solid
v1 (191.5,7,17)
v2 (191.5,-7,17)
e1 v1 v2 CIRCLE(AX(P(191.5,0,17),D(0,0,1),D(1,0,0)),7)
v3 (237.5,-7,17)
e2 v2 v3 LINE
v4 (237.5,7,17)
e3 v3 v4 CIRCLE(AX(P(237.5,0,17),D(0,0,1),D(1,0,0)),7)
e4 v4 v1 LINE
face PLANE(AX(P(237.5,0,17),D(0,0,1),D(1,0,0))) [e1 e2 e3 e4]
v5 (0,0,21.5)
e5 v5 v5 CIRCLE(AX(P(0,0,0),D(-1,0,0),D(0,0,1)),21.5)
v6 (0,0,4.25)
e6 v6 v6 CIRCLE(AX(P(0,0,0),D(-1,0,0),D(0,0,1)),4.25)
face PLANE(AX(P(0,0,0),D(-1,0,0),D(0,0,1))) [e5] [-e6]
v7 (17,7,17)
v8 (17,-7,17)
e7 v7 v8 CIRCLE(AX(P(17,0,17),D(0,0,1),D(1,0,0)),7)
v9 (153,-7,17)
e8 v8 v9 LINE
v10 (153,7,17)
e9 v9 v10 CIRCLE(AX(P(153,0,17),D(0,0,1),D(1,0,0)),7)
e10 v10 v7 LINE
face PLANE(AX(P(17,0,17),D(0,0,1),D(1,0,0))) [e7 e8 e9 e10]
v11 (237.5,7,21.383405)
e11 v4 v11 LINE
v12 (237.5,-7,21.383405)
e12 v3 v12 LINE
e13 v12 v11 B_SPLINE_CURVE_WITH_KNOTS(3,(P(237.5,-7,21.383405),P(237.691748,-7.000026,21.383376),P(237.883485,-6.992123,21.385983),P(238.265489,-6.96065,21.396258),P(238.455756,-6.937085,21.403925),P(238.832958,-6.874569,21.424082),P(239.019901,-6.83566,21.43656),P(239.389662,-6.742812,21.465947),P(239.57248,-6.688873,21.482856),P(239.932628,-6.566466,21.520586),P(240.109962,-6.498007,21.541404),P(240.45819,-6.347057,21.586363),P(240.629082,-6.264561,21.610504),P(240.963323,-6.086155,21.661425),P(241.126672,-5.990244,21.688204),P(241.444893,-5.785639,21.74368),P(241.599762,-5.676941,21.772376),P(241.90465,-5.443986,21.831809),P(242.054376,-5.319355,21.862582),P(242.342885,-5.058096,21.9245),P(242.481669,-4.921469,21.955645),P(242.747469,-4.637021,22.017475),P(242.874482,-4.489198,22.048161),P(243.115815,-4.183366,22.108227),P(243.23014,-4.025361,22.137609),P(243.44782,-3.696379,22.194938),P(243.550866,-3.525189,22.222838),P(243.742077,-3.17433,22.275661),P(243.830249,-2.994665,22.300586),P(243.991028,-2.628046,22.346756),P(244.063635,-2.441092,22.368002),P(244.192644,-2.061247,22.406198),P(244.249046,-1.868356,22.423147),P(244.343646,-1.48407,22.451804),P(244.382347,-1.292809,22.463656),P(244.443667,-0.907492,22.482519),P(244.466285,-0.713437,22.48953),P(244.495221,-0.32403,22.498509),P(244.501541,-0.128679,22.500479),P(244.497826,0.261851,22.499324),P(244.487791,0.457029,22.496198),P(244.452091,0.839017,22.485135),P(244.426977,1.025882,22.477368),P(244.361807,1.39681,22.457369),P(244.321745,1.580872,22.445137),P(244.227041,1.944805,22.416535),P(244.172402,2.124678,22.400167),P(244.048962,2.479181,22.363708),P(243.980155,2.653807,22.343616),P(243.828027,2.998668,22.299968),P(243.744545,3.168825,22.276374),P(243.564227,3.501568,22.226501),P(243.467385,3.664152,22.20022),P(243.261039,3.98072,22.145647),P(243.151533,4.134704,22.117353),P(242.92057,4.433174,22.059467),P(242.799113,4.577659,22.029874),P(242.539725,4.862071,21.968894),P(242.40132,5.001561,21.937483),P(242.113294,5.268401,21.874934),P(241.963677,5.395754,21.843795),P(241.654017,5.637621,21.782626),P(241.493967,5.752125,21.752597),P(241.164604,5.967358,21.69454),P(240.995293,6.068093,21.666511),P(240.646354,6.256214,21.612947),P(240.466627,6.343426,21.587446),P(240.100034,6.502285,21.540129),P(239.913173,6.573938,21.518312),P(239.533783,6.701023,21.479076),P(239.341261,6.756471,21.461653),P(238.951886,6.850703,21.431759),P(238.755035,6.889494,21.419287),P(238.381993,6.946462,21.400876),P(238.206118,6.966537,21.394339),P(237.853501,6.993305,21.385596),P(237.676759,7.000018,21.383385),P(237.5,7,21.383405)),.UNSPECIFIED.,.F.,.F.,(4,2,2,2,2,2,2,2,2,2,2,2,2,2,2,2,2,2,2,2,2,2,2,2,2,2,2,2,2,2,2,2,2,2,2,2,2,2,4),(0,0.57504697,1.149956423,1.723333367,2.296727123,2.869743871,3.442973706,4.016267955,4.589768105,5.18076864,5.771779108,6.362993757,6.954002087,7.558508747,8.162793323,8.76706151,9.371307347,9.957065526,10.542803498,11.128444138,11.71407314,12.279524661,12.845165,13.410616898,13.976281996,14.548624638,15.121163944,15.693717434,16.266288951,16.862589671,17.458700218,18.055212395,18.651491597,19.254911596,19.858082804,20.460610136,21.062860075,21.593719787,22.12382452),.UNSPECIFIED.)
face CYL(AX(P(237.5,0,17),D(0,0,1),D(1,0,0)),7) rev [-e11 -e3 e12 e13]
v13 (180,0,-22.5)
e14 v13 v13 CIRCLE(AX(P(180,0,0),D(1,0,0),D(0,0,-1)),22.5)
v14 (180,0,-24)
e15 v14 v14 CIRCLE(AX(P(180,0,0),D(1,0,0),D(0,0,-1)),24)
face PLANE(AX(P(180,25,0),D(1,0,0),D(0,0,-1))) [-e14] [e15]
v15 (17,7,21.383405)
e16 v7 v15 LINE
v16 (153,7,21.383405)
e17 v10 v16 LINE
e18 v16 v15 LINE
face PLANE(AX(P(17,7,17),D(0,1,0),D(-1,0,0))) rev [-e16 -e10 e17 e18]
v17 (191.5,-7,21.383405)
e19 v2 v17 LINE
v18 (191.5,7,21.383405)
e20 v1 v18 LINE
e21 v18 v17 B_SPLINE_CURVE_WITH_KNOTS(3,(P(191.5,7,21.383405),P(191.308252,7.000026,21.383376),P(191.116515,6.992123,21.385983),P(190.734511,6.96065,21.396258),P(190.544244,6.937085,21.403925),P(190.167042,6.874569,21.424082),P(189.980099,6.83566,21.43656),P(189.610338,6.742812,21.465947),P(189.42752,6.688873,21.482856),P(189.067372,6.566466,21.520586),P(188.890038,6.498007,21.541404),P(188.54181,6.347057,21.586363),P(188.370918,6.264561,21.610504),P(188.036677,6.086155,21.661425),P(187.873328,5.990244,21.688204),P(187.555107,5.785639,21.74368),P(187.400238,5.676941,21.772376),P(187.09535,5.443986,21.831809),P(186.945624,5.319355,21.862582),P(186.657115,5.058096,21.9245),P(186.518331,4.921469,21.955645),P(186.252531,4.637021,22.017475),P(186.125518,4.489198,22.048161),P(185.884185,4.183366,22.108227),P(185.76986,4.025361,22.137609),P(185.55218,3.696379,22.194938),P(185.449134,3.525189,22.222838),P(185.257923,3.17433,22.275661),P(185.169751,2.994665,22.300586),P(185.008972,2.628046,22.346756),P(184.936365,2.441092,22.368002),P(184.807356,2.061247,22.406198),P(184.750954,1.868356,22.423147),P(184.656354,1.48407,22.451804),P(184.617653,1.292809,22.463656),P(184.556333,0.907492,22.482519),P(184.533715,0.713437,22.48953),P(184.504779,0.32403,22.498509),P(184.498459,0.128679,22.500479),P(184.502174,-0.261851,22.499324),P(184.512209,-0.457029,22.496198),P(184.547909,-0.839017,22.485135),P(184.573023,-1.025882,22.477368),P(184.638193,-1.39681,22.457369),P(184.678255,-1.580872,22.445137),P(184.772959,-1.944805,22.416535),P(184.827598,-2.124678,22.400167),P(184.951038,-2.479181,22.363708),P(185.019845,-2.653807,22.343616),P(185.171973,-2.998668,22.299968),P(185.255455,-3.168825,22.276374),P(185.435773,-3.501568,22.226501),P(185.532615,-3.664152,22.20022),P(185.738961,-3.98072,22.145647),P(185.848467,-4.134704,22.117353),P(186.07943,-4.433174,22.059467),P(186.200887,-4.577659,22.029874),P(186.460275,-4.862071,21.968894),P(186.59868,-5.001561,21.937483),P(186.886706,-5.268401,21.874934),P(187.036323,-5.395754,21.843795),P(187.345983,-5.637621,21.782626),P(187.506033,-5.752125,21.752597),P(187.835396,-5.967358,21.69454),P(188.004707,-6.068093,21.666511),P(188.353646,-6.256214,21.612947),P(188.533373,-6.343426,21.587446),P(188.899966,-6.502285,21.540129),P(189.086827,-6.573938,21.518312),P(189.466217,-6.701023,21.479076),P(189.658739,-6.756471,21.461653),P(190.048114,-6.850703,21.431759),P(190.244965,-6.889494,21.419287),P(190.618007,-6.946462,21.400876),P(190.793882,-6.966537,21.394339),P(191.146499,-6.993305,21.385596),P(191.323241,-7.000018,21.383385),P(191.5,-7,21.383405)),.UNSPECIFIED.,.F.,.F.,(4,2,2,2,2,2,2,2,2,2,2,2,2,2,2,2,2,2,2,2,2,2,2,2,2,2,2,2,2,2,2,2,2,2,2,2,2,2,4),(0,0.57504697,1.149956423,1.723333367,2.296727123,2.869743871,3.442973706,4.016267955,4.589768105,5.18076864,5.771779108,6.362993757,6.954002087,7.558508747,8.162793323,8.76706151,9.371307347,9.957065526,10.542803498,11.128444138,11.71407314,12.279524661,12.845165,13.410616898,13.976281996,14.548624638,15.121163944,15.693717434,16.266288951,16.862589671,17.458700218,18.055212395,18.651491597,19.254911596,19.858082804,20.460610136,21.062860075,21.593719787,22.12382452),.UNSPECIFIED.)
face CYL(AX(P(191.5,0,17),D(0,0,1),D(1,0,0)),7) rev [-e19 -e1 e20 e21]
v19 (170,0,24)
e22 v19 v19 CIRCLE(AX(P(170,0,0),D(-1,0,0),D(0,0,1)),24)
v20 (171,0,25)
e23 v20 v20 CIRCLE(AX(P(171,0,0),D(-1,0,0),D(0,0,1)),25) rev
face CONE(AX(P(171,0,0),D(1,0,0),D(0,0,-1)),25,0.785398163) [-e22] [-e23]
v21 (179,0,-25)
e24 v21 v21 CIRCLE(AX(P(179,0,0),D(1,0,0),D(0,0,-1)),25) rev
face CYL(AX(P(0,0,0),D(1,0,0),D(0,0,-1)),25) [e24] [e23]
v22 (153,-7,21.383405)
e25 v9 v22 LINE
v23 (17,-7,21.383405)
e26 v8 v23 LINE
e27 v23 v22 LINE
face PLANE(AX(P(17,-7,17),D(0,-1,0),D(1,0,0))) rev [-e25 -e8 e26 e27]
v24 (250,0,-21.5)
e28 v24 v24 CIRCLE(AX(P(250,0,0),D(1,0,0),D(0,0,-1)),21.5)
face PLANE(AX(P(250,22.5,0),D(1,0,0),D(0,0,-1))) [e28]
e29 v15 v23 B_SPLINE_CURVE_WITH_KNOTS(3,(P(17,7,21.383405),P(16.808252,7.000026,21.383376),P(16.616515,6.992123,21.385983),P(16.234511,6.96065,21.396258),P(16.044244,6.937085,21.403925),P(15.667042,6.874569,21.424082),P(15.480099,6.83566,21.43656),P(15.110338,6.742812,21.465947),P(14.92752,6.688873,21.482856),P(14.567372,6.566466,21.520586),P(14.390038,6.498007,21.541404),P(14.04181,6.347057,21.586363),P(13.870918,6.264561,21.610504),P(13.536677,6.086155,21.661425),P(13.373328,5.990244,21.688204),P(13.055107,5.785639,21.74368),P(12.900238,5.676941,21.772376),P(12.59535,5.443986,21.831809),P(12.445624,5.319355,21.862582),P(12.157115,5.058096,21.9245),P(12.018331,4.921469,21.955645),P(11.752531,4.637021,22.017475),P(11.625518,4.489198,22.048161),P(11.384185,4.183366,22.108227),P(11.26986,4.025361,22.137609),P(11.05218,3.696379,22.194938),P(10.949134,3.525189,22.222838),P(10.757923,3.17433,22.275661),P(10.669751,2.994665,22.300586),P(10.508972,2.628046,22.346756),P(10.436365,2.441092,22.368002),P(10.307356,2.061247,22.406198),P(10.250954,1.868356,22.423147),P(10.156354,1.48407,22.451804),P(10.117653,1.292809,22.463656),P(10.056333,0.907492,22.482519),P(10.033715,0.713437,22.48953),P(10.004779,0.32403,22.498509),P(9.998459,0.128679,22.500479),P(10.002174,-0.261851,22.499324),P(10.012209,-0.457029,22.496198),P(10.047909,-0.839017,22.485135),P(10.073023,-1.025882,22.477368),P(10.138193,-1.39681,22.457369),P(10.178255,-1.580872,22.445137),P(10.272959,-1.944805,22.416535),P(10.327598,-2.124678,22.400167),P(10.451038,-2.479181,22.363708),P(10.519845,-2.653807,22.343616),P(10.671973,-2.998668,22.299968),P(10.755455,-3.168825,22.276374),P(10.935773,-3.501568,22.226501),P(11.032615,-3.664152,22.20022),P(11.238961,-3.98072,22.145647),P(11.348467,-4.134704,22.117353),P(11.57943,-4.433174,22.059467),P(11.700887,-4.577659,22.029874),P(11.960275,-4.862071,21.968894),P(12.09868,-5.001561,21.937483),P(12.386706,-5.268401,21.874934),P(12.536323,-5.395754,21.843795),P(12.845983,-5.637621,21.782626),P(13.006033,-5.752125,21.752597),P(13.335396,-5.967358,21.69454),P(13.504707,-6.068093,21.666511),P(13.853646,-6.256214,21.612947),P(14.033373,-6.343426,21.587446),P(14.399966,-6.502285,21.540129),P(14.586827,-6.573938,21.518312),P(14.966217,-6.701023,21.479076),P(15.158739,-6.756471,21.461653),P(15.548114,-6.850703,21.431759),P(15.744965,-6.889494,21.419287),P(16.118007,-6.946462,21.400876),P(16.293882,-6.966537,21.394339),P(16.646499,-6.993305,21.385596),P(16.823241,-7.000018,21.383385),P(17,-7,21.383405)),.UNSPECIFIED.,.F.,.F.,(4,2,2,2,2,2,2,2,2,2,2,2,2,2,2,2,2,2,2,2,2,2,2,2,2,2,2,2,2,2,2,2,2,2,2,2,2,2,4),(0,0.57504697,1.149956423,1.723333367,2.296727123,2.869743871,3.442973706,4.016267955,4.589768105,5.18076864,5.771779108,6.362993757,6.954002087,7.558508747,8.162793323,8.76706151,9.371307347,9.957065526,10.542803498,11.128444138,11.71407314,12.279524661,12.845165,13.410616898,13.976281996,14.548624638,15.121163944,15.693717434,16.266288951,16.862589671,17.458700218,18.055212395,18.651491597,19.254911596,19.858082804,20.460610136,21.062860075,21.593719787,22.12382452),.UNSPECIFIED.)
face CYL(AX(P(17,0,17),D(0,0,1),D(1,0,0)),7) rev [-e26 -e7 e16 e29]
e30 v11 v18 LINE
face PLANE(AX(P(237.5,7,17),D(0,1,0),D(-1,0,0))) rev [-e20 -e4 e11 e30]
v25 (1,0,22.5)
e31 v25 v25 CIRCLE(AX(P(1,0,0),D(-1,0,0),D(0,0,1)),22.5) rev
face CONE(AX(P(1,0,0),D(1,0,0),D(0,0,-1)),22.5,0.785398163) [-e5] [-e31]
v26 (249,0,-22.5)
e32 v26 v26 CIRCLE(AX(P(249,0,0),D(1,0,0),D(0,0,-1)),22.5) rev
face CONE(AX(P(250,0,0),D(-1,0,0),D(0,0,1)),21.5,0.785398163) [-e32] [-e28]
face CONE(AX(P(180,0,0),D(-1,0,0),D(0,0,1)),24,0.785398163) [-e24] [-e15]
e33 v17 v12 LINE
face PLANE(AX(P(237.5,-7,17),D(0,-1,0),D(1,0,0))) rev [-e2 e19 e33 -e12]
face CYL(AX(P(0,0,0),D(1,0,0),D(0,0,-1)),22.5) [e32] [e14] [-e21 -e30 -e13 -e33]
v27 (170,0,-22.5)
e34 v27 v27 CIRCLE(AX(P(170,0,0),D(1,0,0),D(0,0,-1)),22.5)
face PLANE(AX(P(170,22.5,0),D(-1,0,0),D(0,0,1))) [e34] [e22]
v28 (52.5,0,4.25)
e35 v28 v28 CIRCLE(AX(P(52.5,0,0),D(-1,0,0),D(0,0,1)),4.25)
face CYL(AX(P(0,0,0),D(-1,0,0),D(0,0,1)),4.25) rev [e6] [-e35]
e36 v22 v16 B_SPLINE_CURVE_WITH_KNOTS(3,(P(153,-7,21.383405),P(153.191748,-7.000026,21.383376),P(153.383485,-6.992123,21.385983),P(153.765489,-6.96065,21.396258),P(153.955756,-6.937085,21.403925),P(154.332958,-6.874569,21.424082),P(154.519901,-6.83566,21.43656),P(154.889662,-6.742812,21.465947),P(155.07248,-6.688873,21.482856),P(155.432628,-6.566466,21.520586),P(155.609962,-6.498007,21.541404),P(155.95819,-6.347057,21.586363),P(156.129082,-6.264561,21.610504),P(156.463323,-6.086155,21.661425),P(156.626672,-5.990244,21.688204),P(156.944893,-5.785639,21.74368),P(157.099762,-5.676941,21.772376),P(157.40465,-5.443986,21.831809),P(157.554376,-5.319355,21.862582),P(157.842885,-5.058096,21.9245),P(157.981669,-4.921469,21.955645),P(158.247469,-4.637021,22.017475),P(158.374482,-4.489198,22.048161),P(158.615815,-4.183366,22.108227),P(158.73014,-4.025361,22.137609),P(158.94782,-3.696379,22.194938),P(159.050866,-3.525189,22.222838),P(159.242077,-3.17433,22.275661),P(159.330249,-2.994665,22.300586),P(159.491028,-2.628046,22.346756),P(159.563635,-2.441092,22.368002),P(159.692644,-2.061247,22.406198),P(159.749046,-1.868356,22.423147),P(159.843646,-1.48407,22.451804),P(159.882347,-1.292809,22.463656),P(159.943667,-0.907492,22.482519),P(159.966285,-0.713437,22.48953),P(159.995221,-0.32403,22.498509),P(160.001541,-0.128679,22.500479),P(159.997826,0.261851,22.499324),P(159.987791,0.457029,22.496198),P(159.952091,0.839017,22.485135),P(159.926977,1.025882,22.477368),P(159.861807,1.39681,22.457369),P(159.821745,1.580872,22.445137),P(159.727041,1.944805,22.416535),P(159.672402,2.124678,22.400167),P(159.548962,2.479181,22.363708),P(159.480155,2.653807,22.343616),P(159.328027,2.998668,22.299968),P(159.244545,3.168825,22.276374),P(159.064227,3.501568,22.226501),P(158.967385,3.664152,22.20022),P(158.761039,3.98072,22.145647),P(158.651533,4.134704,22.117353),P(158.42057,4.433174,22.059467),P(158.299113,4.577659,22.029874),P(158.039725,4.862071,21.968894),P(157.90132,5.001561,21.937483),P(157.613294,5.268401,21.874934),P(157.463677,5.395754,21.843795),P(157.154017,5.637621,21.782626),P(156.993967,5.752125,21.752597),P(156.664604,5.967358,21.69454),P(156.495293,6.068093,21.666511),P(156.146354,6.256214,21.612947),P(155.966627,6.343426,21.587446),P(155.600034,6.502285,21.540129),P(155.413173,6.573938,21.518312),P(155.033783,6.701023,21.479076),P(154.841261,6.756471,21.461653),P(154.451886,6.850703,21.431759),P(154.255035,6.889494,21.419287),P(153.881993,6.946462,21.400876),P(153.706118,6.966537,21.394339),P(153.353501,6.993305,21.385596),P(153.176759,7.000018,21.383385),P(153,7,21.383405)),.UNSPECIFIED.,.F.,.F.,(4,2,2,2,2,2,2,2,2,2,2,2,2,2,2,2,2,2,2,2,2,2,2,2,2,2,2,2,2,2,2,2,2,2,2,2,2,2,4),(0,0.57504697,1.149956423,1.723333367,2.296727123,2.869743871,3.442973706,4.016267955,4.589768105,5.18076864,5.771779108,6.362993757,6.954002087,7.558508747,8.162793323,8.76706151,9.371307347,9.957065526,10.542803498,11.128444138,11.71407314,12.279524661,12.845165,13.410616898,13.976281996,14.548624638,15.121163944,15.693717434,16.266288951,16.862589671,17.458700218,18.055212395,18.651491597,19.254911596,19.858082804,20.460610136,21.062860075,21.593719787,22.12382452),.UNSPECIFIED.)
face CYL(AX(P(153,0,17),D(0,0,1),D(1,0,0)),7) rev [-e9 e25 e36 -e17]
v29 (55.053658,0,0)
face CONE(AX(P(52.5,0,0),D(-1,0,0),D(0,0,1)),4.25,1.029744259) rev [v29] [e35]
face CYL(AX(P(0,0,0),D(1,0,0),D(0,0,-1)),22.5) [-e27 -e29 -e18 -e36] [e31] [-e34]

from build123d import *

# Parameters (mm, degrees)
HOLE_WIZARD_M101_D     = 8.5
HOLE_WIZARD_M101_DEPTH = 52.5
HOLE_WIZARD_M101_TIP   = 2.553657631
CHAMFER_1_SIZE         = 1
CUT_EXTRUDE_START      = 22.5
CUT_EXTRUDE_1_DEPTH    = 5.5
CUT_EXTRUDE_2_DEPTH    = 5.5


with BuildPart() as part:
    # Эскиз1 → Повернуть1 (revolve)
    with BuildSketch(Plane.XY, mode=Mode.PRIVATE) as revolve_1_sk:
        Polygon((0, 0), (0, 22.5), (170, 22.5), (170, 25), (180, 25), (180, 22.5), (250, 22.5), (250, 0), align=None)
    revolve(revolve_1_sk.sketch.rotate(Axis((0, 0, 0), (-1, 0, 0)), 90), axis=Axis((0, 0, 0), (-1, 0, 0)))

    # Отверстие обработанное метчиком M101
    with Locations(Plane.ZY):
        with Locations((0, 0)):
            Hole(HOLE_WIZARD_M101_D / 2, depth=HOLE_WIZARD_M101_DEPTH)
            with Locations((0, 0, -(HOLE_WIZARD_M101_DEPTH + HOLE_WIZARD_M101_TIP / 2))):  # 118° drill point
                Cone(0, HOLE_WIZARD_M101_D / 2, HOLE_WIZARD_M101_TIP, mode=Mode.SUBTRACT)

    # Фаска1
    chamfer_1_edges = [part.edges().sort_by_distance(p)[0] for p in [
        (250, 0, 22.5),
        (180, 0, 25),
        (170, 0, 25),
        (0, 0, 22.5),
    ]]
    chamfer(chamfer_1_edges, length=CHAMFER_1_SIZE)

    # Эскиз4 → Вырез-Вытянуть1 (cut)
    with BuildSketch(Plane.XY.offset(CUT_EXTRUDE_START)):
        with BuildLine():
            Line((237.5, -7), (191.5, -7))
            ThreePointArc((191.5, -7), (184.5, 0), (191.5, 7))
            Line((191.5, 7), (237.5, 7))
            ThreePointArc((237.5, 7), (244.5, 0), (237.5, -7))
        make_face()
    extrude(amount=-CUT_EXTRUDE_1_DEPTH, mode=Mode.SUBTRACT)

    # Эскиз5 → Вырез-Вытянуть2 (cut)
    with BuildSketch(Plane.XY.offset(CUT_EXTRUDE_START)):
        with BuildLine():
            Line((17, 7), (153, 7))
            ThreePointArc((153, 7), (160, 0), (153, -7))
            Line((153, -7), (17, -7))
            ThreePointArc((17, -7), (10, 0), (17, 7))
        make_face()
    extrude(amount=-CUT_EXTRUDE_2_DEPTH, mode=Mode.SUBTRACT)


solid = part.part
